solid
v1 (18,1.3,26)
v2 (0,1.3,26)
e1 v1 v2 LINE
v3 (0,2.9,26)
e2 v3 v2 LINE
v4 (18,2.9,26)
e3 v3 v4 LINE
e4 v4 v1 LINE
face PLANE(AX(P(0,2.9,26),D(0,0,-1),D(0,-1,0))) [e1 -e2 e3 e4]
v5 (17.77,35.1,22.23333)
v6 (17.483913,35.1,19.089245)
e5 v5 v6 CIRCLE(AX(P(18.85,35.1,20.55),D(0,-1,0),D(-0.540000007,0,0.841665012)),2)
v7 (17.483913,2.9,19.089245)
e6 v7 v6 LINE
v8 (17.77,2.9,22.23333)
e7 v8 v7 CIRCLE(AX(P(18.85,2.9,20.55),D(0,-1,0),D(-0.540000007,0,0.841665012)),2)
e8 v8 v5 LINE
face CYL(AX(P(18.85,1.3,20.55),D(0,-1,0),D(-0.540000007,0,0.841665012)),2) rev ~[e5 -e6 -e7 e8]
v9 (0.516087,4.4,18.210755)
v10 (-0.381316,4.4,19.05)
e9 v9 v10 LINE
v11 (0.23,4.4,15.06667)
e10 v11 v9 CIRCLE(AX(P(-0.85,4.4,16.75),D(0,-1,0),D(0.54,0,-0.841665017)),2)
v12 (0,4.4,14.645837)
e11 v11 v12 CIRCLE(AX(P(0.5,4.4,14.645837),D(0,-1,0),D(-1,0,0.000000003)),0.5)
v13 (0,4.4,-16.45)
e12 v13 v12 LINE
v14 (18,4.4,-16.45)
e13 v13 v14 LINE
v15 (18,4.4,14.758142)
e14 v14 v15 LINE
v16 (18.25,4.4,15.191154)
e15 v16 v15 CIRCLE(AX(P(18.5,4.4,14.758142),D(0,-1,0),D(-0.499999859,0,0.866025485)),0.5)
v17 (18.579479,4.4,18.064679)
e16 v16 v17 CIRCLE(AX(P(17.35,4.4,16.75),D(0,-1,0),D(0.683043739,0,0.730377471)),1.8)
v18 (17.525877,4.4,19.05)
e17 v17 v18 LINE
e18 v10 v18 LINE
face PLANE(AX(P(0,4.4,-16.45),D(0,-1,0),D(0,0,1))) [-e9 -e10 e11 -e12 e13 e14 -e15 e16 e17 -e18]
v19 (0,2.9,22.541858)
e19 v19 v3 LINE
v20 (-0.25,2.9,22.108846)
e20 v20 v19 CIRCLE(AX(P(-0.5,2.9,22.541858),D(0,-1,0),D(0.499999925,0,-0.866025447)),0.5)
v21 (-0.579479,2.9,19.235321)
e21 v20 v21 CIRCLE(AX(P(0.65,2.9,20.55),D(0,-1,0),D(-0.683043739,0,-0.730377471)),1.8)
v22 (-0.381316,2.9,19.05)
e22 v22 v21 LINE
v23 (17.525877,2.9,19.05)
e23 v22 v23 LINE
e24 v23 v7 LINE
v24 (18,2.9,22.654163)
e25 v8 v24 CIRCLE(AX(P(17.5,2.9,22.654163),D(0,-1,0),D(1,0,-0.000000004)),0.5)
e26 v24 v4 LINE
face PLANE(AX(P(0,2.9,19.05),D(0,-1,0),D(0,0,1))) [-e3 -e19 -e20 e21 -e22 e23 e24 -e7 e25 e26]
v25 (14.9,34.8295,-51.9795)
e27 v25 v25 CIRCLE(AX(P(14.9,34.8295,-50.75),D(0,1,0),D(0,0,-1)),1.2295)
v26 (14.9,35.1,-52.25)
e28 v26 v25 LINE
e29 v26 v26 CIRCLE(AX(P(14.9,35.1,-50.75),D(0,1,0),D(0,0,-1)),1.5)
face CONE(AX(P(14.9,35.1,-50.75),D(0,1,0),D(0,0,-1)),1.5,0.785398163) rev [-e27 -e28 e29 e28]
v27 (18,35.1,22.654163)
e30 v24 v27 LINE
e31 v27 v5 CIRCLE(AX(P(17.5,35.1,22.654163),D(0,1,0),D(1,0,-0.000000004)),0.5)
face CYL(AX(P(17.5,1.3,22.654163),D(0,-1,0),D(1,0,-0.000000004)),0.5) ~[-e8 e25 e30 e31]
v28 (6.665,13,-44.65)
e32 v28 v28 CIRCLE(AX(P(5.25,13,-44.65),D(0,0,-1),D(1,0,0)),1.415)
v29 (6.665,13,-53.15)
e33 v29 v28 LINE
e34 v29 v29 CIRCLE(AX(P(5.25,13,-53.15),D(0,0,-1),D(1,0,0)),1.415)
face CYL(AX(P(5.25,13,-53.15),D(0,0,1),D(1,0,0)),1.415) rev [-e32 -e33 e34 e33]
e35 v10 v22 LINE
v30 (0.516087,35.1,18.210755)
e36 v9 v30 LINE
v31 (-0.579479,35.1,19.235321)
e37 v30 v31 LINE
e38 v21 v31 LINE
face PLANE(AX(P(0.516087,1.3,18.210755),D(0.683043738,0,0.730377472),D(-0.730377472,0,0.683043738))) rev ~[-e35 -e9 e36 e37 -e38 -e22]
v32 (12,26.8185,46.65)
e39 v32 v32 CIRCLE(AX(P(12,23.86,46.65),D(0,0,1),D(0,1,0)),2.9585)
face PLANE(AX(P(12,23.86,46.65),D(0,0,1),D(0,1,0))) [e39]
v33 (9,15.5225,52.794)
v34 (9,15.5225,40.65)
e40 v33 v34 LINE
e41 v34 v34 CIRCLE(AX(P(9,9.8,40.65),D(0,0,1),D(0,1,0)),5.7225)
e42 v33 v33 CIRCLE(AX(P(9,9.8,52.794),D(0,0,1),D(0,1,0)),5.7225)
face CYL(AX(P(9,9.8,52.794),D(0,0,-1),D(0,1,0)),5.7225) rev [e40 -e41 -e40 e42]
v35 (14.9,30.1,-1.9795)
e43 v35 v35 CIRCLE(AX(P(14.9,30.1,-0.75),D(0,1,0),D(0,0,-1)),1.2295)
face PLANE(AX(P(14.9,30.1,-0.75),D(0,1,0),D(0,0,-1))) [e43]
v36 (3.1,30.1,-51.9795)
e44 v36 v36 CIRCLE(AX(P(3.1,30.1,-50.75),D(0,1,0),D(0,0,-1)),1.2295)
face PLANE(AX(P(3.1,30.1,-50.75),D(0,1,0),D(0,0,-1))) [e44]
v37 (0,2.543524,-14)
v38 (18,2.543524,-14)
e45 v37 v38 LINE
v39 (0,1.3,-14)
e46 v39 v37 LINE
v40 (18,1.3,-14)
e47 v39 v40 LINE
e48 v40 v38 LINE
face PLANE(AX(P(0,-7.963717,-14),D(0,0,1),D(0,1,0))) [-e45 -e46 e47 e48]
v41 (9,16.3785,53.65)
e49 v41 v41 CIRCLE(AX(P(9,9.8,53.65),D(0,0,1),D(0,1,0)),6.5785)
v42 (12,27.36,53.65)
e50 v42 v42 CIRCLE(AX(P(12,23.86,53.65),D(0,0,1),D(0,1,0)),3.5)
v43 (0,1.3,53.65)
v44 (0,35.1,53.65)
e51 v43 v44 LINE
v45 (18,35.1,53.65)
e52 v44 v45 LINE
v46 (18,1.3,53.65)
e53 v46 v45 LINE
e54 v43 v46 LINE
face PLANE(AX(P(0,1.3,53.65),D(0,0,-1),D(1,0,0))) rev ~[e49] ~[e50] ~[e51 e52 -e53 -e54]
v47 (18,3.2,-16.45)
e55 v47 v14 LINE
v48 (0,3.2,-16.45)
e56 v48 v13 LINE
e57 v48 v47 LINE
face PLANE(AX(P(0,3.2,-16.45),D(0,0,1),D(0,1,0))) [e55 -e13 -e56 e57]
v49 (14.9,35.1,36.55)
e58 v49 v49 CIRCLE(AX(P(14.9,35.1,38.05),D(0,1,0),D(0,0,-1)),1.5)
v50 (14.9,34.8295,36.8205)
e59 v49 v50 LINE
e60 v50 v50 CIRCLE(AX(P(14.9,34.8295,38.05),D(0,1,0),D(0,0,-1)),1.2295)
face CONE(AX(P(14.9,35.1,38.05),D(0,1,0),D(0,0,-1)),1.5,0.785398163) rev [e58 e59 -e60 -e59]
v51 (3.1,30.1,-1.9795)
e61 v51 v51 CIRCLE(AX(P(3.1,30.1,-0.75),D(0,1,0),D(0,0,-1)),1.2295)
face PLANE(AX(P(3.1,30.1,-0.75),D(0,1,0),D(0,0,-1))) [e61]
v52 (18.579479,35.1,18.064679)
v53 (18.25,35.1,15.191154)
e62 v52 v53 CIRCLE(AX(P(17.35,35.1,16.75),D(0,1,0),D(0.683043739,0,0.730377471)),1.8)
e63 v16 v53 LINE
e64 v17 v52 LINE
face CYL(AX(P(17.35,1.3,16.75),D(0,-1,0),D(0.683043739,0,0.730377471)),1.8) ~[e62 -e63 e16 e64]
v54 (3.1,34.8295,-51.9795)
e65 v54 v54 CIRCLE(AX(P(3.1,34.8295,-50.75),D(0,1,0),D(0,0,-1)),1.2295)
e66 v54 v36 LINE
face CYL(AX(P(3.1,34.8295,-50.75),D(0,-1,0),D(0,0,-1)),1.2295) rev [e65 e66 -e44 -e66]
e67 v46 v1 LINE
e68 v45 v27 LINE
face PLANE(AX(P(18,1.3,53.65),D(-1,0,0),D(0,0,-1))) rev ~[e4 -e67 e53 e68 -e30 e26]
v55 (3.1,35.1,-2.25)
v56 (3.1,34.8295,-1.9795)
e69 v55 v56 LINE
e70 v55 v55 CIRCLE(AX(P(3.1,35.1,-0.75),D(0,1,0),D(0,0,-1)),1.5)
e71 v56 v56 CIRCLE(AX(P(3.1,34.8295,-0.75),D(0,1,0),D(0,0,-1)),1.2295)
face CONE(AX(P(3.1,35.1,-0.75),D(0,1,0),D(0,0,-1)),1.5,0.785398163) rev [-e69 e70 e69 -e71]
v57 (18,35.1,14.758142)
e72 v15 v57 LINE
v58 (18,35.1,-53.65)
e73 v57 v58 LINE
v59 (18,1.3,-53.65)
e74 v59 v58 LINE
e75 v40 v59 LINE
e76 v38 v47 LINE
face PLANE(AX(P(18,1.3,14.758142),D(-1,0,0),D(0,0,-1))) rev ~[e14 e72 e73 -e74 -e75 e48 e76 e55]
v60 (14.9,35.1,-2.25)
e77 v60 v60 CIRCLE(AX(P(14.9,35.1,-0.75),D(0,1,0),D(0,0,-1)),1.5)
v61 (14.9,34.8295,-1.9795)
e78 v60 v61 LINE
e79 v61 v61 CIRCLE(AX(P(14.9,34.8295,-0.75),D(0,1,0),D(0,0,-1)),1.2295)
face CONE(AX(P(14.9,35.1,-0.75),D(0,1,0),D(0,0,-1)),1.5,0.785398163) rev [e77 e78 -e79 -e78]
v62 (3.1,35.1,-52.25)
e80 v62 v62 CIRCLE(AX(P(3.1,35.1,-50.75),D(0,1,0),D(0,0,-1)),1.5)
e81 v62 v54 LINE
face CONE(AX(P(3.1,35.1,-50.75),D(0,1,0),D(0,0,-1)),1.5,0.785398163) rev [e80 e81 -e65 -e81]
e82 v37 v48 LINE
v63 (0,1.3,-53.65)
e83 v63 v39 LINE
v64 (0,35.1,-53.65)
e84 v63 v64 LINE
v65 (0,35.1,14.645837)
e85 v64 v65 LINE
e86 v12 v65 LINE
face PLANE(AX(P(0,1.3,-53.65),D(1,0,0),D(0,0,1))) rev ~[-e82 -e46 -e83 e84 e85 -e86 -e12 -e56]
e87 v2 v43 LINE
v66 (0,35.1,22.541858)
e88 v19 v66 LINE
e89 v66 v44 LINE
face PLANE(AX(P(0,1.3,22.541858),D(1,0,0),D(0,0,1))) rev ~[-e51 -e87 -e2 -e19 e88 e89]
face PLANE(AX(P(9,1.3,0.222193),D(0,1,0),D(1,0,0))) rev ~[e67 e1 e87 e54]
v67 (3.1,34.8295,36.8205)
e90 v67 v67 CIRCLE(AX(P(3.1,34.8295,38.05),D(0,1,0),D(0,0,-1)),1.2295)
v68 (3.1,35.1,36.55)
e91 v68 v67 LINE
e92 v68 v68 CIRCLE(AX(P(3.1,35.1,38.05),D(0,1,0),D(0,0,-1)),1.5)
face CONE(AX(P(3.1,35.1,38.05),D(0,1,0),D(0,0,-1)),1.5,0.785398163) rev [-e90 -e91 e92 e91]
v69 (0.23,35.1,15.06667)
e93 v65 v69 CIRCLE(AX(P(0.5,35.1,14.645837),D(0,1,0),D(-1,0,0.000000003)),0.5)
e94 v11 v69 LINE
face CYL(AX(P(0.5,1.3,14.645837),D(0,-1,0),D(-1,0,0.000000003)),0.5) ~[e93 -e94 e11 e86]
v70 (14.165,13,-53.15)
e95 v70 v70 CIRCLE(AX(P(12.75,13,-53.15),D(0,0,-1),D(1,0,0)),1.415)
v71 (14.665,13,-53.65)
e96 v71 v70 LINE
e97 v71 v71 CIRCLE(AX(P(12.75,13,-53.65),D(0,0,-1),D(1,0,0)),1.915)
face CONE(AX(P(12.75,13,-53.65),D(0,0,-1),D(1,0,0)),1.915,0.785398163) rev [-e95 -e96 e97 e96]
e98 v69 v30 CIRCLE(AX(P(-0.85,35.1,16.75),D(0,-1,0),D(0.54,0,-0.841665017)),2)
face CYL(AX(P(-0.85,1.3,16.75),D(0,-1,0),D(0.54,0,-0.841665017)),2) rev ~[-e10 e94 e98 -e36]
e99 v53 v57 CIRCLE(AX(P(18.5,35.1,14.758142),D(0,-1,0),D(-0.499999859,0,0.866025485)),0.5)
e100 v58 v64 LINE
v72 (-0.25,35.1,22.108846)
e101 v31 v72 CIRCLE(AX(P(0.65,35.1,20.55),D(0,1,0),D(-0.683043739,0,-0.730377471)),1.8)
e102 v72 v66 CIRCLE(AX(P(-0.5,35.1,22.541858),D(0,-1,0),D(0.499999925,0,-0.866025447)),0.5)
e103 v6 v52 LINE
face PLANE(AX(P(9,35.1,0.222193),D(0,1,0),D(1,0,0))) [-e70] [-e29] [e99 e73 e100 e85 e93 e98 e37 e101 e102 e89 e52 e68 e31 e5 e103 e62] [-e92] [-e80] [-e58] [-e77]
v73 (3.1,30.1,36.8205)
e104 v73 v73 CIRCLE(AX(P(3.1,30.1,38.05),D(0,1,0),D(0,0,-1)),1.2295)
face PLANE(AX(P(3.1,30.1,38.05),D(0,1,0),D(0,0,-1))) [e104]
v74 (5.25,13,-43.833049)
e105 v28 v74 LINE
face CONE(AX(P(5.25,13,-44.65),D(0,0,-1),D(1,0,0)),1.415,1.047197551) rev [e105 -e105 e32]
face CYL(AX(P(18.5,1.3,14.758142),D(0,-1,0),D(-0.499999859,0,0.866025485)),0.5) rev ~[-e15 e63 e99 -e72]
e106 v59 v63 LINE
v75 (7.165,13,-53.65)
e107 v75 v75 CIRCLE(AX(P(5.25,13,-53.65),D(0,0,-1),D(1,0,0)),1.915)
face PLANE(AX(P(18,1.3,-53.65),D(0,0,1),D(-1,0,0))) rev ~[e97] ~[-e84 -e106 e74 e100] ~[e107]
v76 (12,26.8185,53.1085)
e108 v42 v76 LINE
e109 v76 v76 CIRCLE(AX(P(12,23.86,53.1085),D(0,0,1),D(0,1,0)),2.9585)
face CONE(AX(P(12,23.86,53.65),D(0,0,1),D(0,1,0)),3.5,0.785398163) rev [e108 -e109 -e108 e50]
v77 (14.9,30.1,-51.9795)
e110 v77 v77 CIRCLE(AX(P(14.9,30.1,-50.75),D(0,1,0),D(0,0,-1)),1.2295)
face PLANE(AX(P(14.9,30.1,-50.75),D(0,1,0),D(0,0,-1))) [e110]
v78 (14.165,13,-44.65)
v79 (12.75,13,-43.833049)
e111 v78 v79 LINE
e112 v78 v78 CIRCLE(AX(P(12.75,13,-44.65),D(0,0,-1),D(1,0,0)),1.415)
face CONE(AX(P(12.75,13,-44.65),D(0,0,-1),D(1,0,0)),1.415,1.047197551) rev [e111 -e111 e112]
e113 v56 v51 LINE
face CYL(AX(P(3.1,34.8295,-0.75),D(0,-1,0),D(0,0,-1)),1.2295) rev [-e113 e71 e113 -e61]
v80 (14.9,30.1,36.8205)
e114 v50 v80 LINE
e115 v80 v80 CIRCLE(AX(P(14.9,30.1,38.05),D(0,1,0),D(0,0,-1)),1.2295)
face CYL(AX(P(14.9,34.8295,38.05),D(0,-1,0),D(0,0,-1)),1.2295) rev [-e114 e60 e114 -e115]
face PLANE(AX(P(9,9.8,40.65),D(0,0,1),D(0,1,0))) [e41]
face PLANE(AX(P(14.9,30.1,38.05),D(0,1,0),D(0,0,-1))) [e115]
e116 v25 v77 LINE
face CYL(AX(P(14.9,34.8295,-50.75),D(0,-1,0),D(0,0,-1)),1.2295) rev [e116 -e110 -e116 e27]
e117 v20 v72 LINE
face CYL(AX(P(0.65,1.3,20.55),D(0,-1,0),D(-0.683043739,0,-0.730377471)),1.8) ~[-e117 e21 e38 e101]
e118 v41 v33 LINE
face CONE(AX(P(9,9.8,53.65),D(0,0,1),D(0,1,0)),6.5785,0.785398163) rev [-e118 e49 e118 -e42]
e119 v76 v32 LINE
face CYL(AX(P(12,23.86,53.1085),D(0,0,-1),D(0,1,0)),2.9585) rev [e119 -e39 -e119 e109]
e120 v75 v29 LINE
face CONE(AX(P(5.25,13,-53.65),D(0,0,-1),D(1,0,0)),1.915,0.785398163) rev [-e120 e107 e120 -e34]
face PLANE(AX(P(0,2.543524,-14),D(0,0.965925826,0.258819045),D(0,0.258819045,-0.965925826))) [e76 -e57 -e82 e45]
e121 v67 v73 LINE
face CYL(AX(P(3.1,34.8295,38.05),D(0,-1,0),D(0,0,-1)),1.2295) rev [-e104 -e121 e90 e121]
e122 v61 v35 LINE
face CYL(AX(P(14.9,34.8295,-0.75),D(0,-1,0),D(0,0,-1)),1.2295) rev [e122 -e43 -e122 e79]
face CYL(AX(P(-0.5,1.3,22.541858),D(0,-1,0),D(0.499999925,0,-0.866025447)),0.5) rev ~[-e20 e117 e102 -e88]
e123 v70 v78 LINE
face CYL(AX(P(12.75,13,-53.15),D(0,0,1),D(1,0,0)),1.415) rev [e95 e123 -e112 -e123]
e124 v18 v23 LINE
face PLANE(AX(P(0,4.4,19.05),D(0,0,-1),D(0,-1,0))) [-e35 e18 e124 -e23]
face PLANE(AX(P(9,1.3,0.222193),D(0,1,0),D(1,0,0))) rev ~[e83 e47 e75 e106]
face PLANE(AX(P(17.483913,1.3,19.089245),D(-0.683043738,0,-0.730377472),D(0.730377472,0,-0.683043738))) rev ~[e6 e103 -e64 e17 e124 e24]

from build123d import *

# Parameters (mm, degrees)
BOSS_EXTRUDE1_DEPTH     = 33.8
CUT_EXTRUDE1_DEPTH      = 23
CUT_EXTRUDE1_DEPTH_BACK = 23


with BuildPart() as part:
    # Sketch1 → Boss-Extrude1 (new body)
    with BuildSketch(Plane(origin=(0, 1.3, 0), x_dir=(1, 0, 0), z_dir=(0, 1, 0))):
        with BuildLine():
            Line((0, -22.541858429), (0, -53.65))
            Line((0, -53.65), (18, -53.65))
            Line((18, -53.65), (18, -22.654162541))
            ThreePointArc((18, -22.654162541), (17.938748215, -22.414370958), (17.769999986, -22.233330024))
            ThreePointArc((17.769999986, -22.233330024), (16.858228534, -20.731235829), (17.483912522, -19.089245057))
            Line((17.483912522, -19.089245057), (18.57947873, -18.064679449))
            ThreePointArc((18.57947873, -18.064679449), (19.138283161, -16.544955286), (18.250000071, -15.191154314))
            ThreePointArc((18.250000071, -15.191154314), (18.066987319, -15.008141607), (18, -14.758141571))
            Line((18, -14.758141571), (18, 53.65))
            Line((18, 53.65), (0, 53.65))
            Line((0, 53.65), (0, -14.645837459))
            ThreePointArc((0, -14.645837459), (0.061251781, -14.885629035), (0.23, -15.066669967))
            ThreePointArc((0.23, -15.066669967), (1.141771466, -16.568764162), (0.516087478, -18.210754943))
            Line((0.516087478, -18.210754943), (-0.57947873, -19.235320551))
            ThreePointArc((-0.57947873, -19.235320551), (-1.138283159, -20.755044733), (-0.250000037, -22.108845706))
            ThreePointArc((-0.250000037, -22.108845706), (-0.066987309, -22.29185841), (0, -22.541858429))
        make_face()
    extrude(amount=BOSS_EXTRUDE1_DEPTH)

    # Sketch2 → Cut-Extrude1 (cut, two sides)
    with BuildSketch(Plane(origin=(0, 0, 0), x_dir=(0, 0, -1), z_dir=(1, 0, 0))) as cut_extrude1_sk:
        Polygon((-26, 2.9), (-26, -8.174443219), (14, -7.963716906), (14, 2.543524479), (16.45, 3.2), (16.45, 4.4), (-19.05, 4.4), (-19.05, 2.9), align=None)
    extrude(amount=CUT_EXTRUDE1_DEPTH, mode=Mode.SUBTRACT)
    extrude(cut_extrude1_sk.sketch, amount=-CUT_EXTRUDE1_DEPTH_BACK, mode=Mode.SUBTRACT)

    # Sketch3 → Cut-Revolve1 (revolve, cut)
    with BuildSketch(Plane(origin=(9, 0, 0), x_dir=(0, 0, -1), z_dir=(1, 0, 0))):
        Polygon((-53.65, 9.8), (-53.65, 16.3785), (-52.794, 15.5225), (-40.65, 15.5225), (-40.65, 9.8), align=None)
    revolve(axis=Axis((9, 9.8, 40.65), (0, 0, 1)), mode=Mode.SUBTRACT)

    # Sketch4 → Cut-Revolve2 (revolve, cut)
    with BuildSketch(Plane(origin=(12, 0, 0), x_dir=(0, 0, -1), z_dir=(1, 0, 0))):
        Polygon((-53.65, 23.86), (-53.65, 27.36), (-53.1085, 26.8185), (-46.65, 26.8185), (-46.65, 23.86), align=None)
    revolve(axis=Axis((12, 23.86, 46.65), (0, 0, 1)), mode=Mode.SUBTRACT)

    # Sketch5 → Cut-Revolve3 (revolve, cut)
    with BuildSketch(Plane(origin=(3.1, 0, 0), x_dir=(0, 0, -1), z_dir=(1, 0, 0))):
        Polygon((-38.05, 35.1), (-36.55, 35.1), (-36.8205, 34.8295), (-36.8205, 30.1), (-38.05, 30.1), align=None)
    revolve(axis=Axis((3.1, 30.1, 38.05), (0, 1, 0)), mode=Mode.SUBTRACT)

    # Sketch6 → Cut-Revolve4 (revolve, cut)
    with BuildSketch(Plane(origin=(3.1, 0, 0), x_dir=(0, 0, -1), z_dir=(1, 0, 0))):
        Polygon((0.75, 35.1), (2.25, 35.1), (1.9795, 34.8295), (1.9795, 30.1), (0.75, 30.1), align=None)
    revolve(axis=Axis((3.1, 30.1, -0.75), (0, 1, 0)), mode=Mode.SUBTRACT)

    # Sketch7 → Cut-Revolve5 (revolve, cut)
    with BuildSketch(Plane(origin=(3.1, 0, 0), x_dir=(0, 0, -1), z_dir=(1, 0, 0))):
        Polygon((50.75, 35.1), (52.25, 35.1), (51.9795, 34.8295), (51.9795, 30.1), (50.75, 30.1), align=None)
    revolve(axis=Axis((3.1, 30.1, -50.75), (0, 1, 0)), mode=Mode.SUBTRACT)

    # Sketch8 → Cut-Revolve6 (revolve, cut)
    with BuildSketch(Plane(origin=(14.9, 0, 0), x_dir=(0, 0, -1), z_dir=(1, 0, 0))):
        Polygon((-38.05, 35.1), (-36.55, 35.1), (-36.8205, 34.8295), (-36.8205, 30.1), (-38.05, 30.1), align=None)
    revolve(axis=Axis((14.9, 30.1, 38.05), (0, 1, 0)), mode=Mode.SUBTRACT)

    # Sketch9 → Cut-Revolve7 (revolve, cut)
    with BuildSketch(Plane(origin=(14.9, 0, 0), x_dir=(0, 0, -1), z_dir=(1, 0, 0))):
        Polygon((0.75, 35.1), (2.25, 35.1), (1.9795, 34.8295), (1.9795, 30.1), (0.75, 30.1), align=None)
    revolve(axis=Axis((14.9, 30.1, -0.75), (0, 1, 0)), mode=Mode.SUBTRACT)

    # Sketch10 → Cut-Revolve8 (revolve, cut)
    with BuildSketch(Plane(origin=(14.9, 0, 0), x_dir=(0, 0, -1), z_dir=(1, 0, 0))):
        Polygon((50.75, 35.1), (52.25, 35.1), (51.9795, 34.8295), (51.9795, 30.1), (50.75, 30.1), align=None)
    revolve(axis=Axis((14.9, 30.1, -50.75), (0, 1, 0)), mode=Mode.SUBTRACT)

    # Sketch11 → Cut-Revolve9 (revolve, cut)
    with BuildSketch(Plane(origin=(0, 13, 0), x_dir=(1, 0, 0), z_dir=(0, 1, 0))):
        Polygon((12.75, 53.65), (14.665, 53.65), (14.165, 53.15), (14.165, 44.65), (12.75, 43.833049369), align=None)
    revolve(axis=Axis((12.75, 13, -43.833049369), (0, 0, -1)), mode=Mode.SUBTRACT)

    # Sketch12 → Cut-Revolve10 (revolve, cut)
    with BuildSketch(Plane(origin=(0, 13, 0), x_dir=(1, 0, 0), z_dir=(0, 1, 0))):
        Polygon((5.25, 53.65), (7.165, 53.65), (6.665, 53.15), (6.665, 44.65), (5.25, 43.833049369), align=None)
    revolve(axis=Axis((5.25, 13, -43.833049369), (0, 0, -1)), mode=Mode.SUBTRACT)


solid = part.part
